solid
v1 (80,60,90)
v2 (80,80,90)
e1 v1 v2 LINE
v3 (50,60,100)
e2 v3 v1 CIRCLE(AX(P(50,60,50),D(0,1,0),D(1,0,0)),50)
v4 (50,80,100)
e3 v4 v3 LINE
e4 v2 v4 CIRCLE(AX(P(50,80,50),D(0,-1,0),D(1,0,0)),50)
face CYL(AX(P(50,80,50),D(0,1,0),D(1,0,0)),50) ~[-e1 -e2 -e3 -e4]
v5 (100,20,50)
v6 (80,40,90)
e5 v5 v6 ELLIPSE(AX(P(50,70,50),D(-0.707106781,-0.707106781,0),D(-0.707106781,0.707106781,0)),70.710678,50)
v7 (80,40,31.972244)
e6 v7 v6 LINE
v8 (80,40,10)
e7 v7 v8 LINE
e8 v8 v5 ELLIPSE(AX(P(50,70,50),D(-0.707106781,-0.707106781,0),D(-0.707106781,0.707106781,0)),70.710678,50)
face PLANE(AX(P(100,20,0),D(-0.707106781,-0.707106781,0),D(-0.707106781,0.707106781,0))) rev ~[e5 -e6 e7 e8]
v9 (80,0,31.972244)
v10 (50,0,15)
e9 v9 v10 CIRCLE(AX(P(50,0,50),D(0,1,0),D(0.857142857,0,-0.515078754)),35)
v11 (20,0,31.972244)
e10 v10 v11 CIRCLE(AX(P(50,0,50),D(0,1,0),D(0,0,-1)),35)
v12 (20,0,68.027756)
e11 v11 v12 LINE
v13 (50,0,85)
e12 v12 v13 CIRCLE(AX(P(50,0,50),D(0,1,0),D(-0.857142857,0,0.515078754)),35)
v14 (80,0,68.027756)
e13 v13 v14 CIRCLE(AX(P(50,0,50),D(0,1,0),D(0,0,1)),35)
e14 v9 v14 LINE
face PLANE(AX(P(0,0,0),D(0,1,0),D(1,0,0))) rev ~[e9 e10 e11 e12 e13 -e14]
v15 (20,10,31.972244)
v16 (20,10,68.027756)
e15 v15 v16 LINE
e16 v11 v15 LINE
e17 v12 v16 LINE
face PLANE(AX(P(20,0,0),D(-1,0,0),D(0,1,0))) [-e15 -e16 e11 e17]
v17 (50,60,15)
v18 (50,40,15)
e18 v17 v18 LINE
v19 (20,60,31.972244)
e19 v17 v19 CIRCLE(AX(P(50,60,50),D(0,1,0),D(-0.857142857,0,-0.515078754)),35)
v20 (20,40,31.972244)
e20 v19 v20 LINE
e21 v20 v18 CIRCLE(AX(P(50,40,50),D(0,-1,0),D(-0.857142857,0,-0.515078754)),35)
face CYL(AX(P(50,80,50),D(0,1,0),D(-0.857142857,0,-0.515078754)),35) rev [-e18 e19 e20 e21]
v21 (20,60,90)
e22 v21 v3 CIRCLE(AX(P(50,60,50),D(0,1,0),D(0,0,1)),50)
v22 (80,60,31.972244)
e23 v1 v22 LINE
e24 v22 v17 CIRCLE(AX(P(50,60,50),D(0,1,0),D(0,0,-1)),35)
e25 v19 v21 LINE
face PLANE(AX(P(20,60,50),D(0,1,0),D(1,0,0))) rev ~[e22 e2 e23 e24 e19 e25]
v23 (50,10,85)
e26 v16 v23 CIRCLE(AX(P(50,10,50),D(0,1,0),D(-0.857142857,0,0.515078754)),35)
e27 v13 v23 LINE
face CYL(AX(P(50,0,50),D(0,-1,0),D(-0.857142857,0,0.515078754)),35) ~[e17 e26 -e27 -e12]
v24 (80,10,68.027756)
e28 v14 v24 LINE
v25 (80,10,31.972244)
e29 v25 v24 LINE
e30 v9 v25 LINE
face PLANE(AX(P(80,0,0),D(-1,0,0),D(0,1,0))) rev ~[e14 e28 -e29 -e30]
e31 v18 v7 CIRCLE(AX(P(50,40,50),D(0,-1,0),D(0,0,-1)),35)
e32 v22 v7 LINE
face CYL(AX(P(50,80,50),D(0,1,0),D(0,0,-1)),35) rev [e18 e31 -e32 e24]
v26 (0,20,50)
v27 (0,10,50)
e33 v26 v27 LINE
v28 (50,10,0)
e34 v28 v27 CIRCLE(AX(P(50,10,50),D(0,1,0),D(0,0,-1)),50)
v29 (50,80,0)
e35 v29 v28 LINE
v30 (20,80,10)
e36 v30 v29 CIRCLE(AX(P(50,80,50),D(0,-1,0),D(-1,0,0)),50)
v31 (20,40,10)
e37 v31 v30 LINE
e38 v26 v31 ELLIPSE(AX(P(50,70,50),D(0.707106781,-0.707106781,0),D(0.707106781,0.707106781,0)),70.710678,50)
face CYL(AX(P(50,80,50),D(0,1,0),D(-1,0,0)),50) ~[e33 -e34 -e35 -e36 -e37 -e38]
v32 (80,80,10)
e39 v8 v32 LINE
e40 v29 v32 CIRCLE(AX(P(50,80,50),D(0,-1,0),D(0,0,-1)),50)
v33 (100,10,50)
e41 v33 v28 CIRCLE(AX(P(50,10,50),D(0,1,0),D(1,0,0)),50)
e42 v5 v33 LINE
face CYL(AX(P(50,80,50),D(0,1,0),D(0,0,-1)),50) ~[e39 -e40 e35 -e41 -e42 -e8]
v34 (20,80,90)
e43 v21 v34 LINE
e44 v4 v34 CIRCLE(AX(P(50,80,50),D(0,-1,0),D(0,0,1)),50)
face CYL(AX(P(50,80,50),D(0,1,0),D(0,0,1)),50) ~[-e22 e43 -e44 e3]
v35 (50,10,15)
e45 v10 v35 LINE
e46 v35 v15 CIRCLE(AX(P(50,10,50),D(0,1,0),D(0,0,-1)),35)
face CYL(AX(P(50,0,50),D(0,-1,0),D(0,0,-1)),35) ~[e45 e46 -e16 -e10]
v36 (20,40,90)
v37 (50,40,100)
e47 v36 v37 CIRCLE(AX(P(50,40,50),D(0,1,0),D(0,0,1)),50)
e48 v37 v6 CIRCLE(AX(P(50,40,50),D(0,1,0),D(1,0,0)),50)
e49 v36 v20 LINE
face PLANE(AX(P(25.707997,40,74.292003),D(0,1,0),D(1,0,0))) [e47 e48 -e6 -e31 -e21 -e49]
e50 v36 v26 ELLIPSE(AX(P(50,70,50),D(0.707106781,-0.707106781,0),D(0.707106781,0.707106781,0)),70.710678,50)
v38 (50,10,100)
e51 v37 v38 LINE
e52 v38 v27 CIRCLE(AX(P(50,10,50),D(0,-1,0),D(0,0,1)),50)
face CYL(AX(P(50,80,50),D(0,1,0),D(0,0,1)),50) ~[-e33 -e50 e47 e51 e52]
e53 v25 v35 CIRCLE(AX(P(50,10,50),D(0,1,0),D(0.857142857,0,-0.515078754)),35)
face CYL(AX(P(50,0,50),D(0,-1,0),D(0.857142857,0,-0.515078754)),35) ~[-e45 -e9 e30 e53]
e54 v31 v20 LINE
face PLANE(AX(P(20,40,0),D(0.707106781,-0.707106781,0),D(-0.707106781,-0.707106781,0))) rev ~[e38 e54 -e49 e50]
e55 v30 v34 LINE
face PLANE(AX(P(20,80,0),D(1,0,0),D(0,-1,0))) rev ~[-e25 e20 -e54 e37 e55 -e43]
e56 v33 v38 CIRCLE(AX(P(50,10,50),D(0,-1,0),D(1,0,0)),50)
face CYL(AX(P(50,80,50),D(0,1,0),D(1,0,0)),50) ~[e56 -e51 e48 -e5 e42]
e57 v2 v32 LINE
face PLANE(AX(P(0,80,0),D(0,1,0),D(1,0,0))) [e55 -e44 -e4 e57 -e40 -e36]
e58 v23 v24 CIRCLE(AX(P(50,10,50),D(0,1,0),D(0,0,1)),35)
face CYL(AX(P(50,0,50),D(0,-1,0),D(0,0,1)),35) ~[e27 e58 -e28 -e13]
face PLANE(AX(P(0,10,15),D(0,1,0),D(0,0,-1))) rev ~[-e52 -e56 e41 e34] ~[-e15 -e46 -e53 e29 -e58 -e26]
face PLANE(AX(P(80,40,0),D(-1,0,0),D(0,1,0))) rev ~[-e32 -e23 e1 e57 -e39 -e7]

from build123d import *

# Parameters (mm, degrees)
SKETCH1_W           = 100
SKETCH1_H           = 80
BOSS_EXTRUDE2_DEPTH = 100
SKETCH2_W           = 20
SKETCH2_H           = 10
CUT_EXTRUDE1_DEPTH  = 100
CUT_EXTRUDE2_DEPTH  = 100
SKETCH4_W           = 15
SKETCH4_H           = 10
CUT_EXTRUDE5_DEPTH  = 100
SKETCH7_R           = 35
CUT_EXTRUDE16_DEPTH = 20
BOSS_EXTRUDE3_DEPTH = 40
CUT_EXTRUDE17_DEPTH = 10
SKETCH18_W          = 60
SKETCH18_H          = 20
CUT_EXTRUDE22_DEPTH = 75


with BuildPart() as part:
    # Sketch1 → Boss-Extrude2 (new body)
    with BuildSketch(Plane.XY):
        with Locations((50, 40)):
            Rectangle(SKETCH1_W, SKETCH1_H)
    extrude(amount=BOSS_EXTRUDE2_DEPTH)

    # Sketch2 → Cut-Extrude1 (cut)
    with BuildSketch(Plane.XY):
        Polygon((0, 80), (20, 80), (20, 40), (0, 20), align=None)
        with Locations((10, 5)):
            Rectangle(SKETCH2_W, SKETCH2_H)
        with Locations((90, 5)):
            Rectangle(SKETCH2_W, SKETCH2_H)
        Polygon((80, 80), (100, 80), (100, 20), (80, 40), align=None)
    extrude(amount=CUT_EXTRUDE1_DEPTH, mode=Mode.SUBTRACT)

    # Sketch3 → Cut-Extrude2 (cut)
    with BuildSketch(Plane(origin=(0, 80, 0), x_dir=(1, 0, 0), z_dir=(0, 1, 0))):
        with BuildLine():
            Line((0, 0), (0, -50))
            ThreePointArc((0, -50), (14.644660941, -14.644660941), (50, 0))
            Line((50, 0), (0, 0))
        make_face()
        with BuildLine():
            Line((100, 0), (50, 0))
            ThreePointArc((50, 0), (85.355339059, -14.644660941), (100, -50))
            Line((100, -50), (100, 0))
        make_face()
        with BuildLine():
            ThreePointArc((100, -50), (85.355339059, -85.355339059), (50, -100))
            Line((50, -100), (100, -100))
            Line((100, -100), (100, -50))
        make_face()
        with BuildLine():
            ThreePointArc((50, -100), (14.644660941, -85.355339059), (0, -50))
            Line((0, -50), (0, -100))
            Line((0, -100), (50, -100))
        make_face()
    extrude(amount=-CUT_EXTRUDE2_DEPTH, mode=Mode.SUBTRACT)

    # Sketch4 → Cut-Extrude5 (cut)
    with BuildSketch(Plane(origin=(0, 0, 0), x_dir=(0, 0, -1), z_dir=(1, 0, 0))):
        with Locations((-7.5, 5)):
            Rectangle(SKETCH4_W, SKETCH4_H)
        with Locations((-92.5, 5)):
            Rectangle(SKETCH4_W, SKETCH4_H)
    extrude(amount=CUT_EXTRUDE5_DEPTH, mode=Mode.SUBTRACT)

    # Sketch7 → Cut-Extrude16 (cut)
    with BuildSketch(Plane(origin=(0, 60, 0), x_dir=(1, 0, 0), z_dir=(0, 1, 0))):
        with BuildLine():
            Line((15, -85), (50, -85))
            ThreePointArc((50, -85), (25.251262658, -74.748737342), (15, -50))
            Line((15, -50), (15, -85))
        make_face()
        with BuildLine():
            ThreePointArc((50, -15), (74.748737342, -25.251262658), (85, -50))
            Line((85, -50), (85, -15))
            Line((85, -15), (50, -15))
        make_face()
        with BuildLine():
            ThreePointArc((85, -50), (74.748737342, -74.748737342), (50, -85))
            Line((50, -85), (85, -85))
            Line((85, -85), (85, -50))
        make_face()
        with BuildLine():
            Line((15, -15), (15, -50))
            ThreePointArc((15, -50), (25.251262658, -25.251262658), (50, -15))
            Line((50, -15), (15, -15))
        make_face()
        with Locations((50, -50)):
            Circle(SKETCH7_R)
    extrude(amount=-CUT_EXTRUDE16_DEPTH, mode=Mode.SUBTRACT)

    # Sketch8 → Boss-Extrude3 (add)
    with BuildSketch(Plane(origin=(0, 80, 0), x_dir=(1, 0, 0), z_dir=(0, 1, 0))):
        with BuildLine():
            ThreePointArc((20, -31.972243623), (32.765898242, -19.537141687), (50, -15))
            Line((50, -15), (20, -15))
            Line((20, -15), (20, -31.972243623))
        make_face()
        with BuildLine():
            Line((80, -15), (50, -15))
            ThreePointArc((50, -15), (67.234101758, -19.537141687), (80, -31.972243623))
            Line((80, -31.972243623), (80, -15))
        make_face()
        with BuildLine():
            ThreePointArc((50, -85), (32.765898242, -80.462858313), (20, -68.027756377))
            Line((20, -68.027756377), (20, -85))
            Line((20, -85), (50, -85))
        make_face()
        with BuildLine():
            Line((80, -85), (80, -68.027756377))
            ThreePointArc((80, -68.027756377), (67.234101758, -80.462858313), (50, -85))
            Line((50, -85), (80, -85))
        make_face()
    extrude(amount=-BOSS_EXTRUDE3_DEPTH)

    # Sketch9 → Cut-Extrude17 (cut)
    with BuildSketch(Plane.XZ):
        with BuildLine():
            Line((20, 85), (20, 68.027756377))
            ThreePointArc((20, 68.027756377), (32.765898242, 80.462858313), (50, 85))
            Line((50, 85), (20, 85))
        make_face()
        with BuildLine():
            Line((80, 85), (50, 85))
            ThreePointArc((50, 85), (67.234101758, 80.462858313), (80, 68.027756377))
            Line((80, 68.027756377), (80, 85))
        make_face()
        with BuildLine():
            ThreePointArc((80, 31.972243623), (67.234101758, 19.537141687), (50, 15))
            Line((50, 15), (80, 15))
            Line((80, 15), (80, 31.972243623))
        make_face()
        with BuildLine():
            ThreePointArc((50, 15), (32.765898242, 19.537141687), (20, 31.972243623))
            Line((20, 31.972243623), (20, 15))
            Line((20, 15), (50, 15))
        make_face()
    extrude(amount=-CUT_EXTRUDE17_DEPTH, mode=Mode.SUBTRACT)

    # Sketch18 → Cut-Extrude22 (cut)
    with BuildSketch(Plane.XY.offset(50)):
        with Locations((50, 50)):
            Rectangle(SKETCH18_W, SKETCH18_H)
    extrude(amount=CUT_EXTRUDE22_DEPTH, mode=Mode.SUBTRACT)


solid = part.part
